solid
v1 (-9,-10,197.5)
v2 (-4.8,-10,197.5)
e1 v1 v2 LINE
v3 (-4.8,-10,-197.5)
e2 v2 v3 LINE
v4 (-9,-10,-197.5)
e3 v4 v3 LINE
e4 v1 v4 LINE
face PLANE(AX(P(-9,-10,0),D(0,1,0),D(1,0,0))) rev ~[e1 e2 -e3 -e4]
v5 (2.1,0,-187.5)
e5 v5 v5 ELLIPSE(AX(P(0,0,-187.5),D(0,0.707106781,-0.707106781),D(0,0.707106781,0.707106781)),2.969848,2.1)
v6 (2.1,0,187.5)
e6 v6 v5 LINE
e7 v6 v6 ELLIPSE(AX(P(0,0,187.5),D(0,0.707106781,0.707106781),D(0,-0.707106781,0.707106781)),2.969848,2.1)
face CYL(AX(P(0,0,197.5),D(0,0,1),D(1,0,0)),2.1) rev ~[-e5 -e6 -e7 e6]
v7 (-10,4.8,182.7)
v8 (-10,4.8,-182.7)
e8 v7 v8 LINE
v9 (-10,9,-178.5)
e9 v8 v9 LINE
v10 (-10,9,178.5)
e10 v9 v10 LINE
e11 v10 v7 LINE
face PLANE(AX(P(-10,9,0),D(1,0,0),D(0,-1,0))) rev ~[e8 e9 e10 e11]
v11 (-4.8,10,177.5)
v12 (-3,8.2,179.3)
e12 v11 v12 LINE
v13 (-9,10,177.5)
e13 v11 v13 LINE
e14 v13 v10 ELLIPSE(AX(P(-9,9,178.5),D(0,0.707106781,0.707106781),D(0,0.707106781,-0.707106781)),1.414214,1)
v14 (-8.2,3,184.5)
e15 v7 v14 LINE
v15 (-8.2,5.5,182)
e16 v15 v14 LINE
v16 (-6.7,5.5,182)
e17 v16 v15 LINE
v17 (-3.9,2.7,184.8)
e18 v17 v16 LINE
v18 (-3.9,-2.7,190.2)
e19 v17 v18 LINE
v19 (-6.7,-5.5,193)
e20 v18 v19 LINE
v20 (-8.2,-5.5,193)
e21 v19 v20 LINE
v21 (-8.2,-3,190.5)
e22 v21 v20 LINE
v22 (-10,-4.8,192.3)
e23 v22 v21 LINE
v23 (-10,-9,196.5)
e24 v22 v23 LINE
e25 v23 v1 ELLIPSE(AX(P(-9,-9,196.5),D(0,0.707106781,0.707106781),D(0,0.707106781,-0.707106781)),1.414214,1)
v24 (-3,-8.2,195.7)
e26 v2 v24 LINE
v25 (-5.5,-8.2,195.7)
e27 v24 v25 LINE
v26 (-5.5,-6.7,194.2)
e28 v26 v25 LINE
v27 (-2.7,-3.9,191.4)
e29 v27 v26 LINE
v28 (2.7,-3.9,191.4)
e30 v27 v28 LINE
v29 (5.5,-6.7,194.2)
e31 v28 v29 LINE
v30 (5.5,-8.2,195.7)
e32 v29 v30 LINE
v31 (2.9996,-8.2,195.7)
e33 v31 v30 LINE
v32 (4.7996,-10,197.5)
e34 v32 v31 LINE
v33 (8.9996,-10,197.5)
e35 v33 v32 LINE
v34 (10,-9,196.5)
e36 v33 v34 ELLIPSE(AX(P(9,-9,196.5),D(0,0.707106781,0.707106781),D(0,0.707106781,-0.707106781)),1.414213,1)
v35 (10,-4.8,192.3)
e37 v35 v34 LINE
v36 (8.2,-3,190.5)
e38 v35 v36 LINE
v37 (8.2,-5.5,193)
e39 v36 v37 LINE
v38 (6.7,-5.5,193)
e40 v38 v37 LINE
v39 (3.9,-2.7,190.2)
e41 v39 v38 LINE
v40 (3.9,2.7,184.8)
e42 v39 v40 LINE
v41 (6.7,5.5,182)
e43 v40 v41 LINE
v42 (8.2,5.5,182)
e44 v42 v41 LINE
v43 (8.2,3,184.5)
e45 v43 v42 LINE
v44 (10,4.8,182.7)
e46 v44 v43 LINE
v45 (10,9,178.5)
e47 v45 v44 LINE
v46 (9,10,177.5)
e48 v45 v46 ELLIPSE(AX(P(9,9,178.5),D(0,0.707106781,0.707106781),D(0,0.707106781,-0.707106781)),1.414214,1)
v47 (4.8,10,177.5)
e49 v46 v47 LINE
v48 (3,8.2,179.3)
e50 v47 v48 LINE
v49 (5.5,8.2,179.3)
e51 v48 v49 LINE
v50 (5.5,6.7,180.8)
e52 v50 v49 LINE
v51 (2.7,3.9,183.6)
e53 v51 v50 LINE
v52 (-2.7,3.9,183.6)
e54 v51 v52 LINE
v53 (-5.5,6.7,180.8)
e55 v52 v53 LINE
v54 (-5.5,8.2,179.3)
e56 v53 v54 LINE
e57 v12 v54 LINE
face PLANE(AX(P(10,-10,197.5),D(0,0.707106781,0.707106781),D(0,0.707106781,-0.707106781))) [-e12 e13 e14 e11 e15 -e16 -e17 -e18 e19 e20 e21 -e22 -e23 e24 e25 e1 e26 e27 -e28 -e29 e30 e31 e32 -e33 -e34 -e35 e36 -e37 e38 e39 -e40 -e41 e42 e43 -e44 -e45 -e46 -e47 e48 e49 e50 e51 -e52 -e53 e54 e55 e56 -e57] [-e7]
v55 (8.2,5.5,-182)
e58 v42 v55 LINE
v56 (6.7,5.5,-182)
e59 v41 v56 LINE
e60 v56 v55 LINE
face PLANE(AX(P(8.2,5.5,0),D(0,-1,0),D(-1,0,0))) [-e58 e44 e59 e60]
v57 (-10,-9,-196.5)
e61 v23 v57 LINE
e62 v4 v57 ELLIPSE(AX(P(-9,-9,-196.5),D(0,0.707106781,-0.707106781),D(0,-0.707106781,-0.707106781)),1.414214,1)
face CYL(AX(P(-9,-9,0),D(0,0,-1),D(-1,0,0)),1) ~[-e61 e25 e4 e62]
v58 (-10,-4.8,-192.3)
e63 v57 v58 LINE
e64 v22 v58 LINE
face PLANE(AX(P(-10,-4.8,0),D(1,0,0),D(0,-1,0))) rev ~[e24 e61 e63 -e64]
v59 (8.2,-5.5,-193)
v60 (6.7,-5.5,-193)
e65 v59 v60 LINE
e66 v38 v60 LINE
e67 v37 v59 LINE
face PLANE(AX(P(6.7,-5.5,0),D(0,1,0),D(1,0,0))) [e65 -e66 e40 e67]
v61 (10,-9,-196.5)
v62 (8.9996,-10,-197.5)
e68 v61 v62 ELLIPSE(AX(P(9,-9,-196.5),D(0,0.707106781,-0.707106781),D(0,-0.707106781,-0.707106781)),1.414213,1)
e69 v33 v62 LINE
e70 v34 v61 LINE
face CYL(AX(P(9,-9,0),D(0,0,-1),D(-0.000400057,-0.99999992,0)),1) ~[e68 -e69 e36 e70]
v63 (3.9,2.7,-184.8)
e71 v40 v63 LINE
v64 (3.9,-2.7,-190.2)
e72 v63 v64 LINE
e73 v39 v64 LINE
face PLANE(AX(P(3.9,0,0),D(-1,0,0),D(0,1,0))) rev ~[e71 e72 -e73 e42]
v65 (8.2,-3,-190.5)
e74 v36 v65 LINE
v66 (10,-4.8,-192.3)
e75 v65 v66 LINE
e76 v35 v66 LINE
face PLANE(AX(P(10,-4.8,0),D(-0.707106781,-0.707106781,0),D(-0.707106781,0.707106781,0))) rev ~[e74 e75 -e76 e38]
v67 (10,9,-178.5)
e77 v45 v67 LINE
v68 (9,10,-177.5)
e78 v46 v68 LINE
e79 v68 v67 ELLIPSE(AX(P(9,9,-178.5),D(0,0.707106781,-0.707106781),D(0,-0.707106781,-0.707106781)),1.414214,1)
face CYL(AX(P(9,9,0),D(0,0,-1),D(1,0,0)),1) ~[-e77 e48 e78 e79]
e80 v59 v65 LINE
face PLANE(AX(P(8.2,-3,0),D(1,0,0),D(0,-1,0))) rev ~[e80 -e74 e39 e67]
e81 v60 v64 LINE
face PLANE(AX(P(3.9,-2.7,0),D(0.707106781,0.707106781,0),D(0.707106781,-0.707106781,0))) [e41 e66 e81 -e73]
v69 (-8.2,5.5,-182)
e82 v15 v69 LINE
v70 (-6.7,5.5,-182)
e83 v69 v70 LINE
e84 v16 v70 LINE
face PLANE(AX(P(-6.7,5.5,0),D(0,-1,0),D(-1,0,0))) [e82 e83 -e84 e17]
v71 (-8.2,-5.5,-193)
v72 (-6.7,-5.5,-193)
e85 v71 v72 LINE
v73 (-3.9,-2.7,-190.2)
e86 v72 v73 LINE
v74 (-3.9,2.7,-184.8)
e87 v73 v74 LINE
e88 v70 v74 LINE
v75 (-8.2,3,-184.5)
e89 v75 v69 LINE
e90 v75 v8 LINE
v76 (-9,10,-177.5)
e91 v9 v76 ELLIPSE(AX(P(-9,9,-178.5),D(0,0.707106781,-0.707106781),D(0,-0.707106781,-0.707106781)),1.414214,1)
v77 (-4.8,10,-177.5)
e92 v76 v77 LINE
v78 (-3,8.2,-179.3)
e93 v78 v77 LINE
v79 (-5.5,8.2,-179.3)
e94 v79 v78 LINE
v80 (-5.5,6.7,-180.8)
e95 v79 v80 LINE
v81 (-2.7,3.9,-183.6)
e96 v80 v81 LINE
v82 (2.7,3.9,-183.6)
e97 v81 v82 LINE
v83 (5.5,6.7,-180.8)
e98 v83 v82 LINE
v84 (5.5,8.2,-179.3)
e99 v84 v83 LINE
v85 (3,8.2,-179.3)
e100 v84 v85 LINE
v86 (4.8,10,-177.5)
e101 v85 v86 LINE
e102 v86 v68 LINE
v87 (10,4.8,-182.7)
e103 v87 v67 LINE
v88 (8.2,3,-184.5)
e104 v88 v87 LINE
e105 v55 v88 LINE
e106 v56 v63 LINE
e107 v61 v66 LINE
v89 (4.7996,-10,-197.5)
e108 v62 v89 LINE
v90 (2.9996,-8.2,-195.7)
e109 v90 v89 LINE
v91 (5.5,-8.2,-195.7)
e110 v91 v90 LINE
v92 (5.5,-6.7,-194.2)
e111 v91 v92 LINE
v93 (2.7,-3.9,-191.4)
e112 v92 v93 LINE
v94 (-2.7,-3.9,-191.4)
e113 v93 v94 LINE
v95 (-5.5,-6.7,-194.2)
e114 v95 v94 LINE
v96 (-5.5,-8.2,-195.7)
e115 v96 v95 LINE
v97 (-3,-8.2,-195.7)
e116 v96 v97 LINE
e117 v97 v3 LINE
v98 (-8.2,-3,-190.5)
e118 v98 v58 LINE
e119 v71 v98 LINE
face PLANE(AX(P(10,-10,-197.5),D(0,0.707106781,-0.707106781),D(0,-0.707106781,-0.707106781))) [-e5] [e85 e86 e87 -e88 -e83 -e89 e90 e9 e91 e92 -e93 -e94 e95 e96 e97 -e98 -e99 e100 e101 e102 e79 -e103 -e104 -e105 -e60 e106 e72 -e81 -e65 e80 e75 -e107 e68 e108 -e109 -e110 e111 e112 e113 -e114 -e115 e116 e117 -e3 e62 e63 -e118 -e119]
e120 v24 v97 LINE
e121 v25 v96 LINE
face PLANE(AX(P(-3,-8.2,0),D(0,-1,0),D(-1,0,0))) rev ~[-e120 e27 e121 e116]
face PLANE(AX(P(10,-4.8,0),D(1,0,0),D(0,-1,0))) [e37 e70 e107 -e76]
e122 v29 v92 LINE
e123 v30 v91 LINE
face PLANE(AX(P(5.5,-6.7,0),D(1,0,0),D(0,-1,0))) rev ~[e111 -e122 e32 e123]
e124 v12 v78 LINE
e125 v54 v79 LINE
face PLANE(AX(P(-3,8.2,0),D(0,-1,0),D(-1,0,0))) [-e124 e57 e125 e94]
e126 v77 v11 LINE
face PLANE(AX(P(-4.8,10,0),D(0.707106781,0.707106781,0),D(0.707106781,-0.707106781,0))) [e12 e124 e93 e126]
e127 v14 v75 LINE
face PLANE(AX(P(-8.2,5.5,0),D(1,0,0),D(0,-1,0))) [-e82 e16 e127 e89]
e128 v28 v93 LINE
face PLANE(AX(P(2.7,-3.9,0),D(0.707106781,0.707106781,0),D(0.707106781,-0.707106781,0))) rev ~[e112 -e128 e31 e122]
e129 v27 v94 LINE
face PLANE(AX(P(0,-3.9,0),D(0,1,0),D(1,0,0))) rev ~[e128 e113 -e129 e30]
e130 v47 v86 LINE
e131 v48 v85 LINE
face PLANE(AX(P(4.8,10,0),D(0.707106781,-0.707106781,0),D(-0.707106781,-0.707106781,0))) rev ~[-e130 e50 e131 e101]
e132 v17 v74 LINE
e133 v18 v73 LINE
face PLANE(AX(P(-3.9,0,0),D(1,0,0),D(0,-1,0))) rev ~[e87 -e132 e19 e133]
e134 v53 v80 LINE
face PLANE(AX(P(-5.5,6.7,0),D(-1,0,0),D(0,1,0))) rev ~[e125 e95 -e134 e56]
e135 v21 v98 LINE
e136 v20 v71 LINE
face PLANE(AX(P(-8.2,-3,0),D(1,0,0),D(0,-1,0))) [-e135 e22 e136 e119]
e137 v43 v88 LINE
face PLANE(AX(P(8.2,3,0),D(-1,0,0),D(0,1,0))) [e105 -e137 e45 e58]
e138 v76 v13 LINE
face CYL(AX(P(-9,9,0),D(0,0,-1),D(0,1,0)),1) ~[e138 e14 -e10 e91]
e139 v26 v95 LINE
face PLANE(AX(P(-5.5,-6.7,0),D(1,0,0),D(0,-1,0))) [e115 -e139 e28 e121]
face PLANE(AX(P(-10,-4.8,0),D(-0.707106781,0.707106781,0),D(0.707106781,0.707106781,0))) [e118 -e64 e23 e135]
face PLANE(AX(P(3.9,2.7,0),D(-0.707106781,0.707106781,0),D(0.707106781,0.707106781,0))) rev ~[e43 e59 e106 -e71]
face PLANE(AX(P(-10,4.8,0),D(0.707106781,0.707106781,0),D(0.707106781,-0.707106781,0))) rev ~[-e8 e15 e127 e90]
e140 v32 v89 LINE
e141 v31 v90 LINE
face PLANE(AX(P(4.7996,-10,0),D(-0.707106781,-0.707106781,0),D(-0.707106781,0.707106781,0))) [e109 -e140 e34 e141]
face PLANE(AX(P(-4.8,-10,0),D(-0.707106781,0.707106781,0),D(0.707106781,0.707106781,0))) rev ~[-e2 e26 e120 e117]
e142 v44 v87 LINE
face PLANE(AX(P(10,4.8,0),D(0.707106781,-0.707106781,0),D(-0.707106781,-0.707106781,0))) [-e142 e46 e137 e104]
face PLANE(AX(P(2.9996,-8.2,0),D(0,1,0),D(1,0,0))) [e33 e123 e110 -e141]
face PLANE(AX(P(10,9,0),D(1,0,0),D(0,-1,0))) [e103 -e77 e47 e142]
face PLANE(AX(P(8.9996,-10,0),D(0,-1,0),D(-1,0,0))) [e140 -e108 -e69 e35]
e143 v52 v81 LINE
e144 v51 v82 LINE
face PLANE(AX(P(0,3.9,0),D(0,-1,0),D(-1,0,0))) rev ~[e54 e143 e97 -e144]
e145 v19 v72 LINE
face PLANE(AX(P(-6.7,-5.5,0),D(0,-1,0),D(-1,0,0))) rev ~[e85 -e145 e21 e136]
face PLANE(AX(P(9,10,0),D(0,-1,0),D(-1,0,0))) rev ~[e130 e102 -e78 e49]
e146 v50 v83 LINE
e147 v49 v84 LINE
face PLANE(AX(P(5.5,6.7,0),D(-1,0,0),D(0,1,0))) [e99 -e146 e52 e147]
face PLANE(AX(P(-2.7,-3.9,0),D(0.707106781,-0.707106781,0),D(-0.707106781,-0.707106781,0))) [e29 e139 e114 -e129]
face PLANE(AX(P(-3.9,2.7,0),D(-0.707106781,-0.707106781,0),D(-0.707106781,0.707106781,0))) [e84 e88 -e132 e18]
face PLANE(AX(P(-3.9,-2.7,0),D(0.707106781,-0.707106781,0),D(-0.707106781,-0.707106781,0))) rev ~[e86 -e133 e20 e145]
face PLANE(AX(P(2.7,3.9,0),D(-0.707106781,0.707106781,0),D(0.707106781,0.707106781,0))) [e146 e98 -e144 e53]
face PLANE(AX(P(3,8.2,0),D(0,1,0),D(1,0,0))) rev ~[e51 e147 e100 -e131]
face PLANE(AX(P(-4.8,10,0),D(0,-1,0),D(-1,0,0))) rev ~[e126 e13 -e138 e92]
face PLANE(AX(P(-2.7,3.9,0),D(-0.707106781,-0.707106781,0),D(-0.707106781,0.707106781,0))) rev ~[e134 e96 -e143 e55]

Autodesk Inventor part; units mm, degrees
ref_plane "YZ Plane" through (0, 0, 0) normal (1, 0, 0) x (0, 1, 0)
sketch "Эскиз1" plane through (0, 0, 0) normal (0, 0, 1) x (1, 0, 0)
  line L0 (-4.8, 10) -> (-3, 8.2)
  line L1 (-4.8, 10) -> (-2.2544, 10) construction
  line L2 (4.8, 10) -> (3, 8.2)
  line L3 (4.8, 10) -> (7.3456, 10) construction
  line L4 (10, 4.8) -> (8.2, 3)
  arc A0 (-9, 10) -> (-10, 9) centre (-9, 9) ccw
  arc A1 (10, 9) -> (9, 10) centre (9, 9) ccw
  arc A2 (-10, -9) -> (-9, -10) centre (-9, -9) ccw
  arc A3 (8.9996, -10) -> (10, -9) centre (9, -9) ccw
  line L5 (0, 3.9) -> (-2.7, 3.9)
  line L6 (0, 3.9) -> (2.7, 3.9)
  line L7 (3, 8.2) -> (5.5, 8.2)
  line L8 (2.7, 3.9) -> (5.5, 6.7)
  line L9 (5.5, 6.7) -> (5.5, 8.2)
  line L10 (3.9, 0) -> (3.9, 2.7)
  line L11 (3.9, 0) -> (3.9, -2.7)
  line L12 (3.9, 2.7) -> (6.7, 5.5)
  line L13 (3.9, 2.7) -> (7.8598, 2.7) construction
  line L14 (9, 10) -> (4.8, 10)
  line L15 (-4.8, 10) -> (-9, 10)
  line L16 (0, -3.9) -> (-2.7, -3.9)
  line L17 (0, -3.9) -> (2.7, -3.9)
  line L18 (-3.9, 0) -> (-3.9, -2.7)
  line L19 (-3.9, 0) -> (-3.9, 2.7)
  line L20 (8.2, 3) -> (8.2, 5.5)
  line L21 (8.2, 5.5) -> (6.7, 5.5)
  line L22 (-10, -4.8) -> (-7.4544, -4.8) construction
  line L23 (-4.8, -10) -> (-3, -8.2)
  line L24 (-4.8, -10) -> (-2.2544, -10) construction
  line L25 (4.7996, -10) -> (2.9996, -8.2)
  line L26 (4.7996, -10) -> (7.3452, -10) construction
  line L27 (10, -4.8) -> (8.2, -3)
  line L28 (8.9996, -10) -> (4.7996, -10)
  line L29 (-9, -10) -> (-4.8, -10)
  line L30 (10, -4.8) -> (10, -9)
  line L31 (10, 9) -> (10, 4.8)
  line L32 (-10, -4.8) -> (-10, -9)
  line L33 (-3, 8.2) -> (-5.5, 8.2)
  line L34 (-2.7, 3.9) -> (-5.5, 6.7)
  line L35 (-2.7, 3.9) -> (1.2598, 3.9) construction
  line L36 (-5.5, 6.7) -> (-5.5, 8.2)
  line L37 (-3.9, 2.7) -> (-6.7, 5.5)
  line L38 (-6.7, 5.5) -> (-8.2, 5.5)
  line L39 (-8.2, -3) -> (-8.2, -5.5)
  line L40 (-3, -8.2) -> (-5.5, -8.2)
  line L41 (2.9996, -8.2) -> (5.5, -8.2)
  line L42 (8.2, -3) -> (8.2, -5.5)
  line L43 (-3.9, -2.7) -> (-6.7, -5.5)
  line L44 (-6.7, -5.5) -> (-8.2, -5.5)
  line L45 (-2.7, -3.9) -> (-5.5, -6.7)
  line L46 (-5.5, -6.7) -> (-5.5, -8.2)
  line L47 (-10, 9) -> (-10, 4.8)
  line L48 (-10, 4.8) -> (-8.2, 3)
  line L49 (-8.2, 5.5) -> (-8.2, 3)
  line L50 (-10, -4.8) -> (-8.2, -3)
  line L51 (2.7, -3.9) -> (5.5, -6.7)
  line L52 (5.5, -6.7) -> (5.5, -8.2)
  line L53 (3.9, -2.7) -> (6.7, -5.5)
  line L54 (6.7, -5.5) -> (8.2, -5.5)
  point P0 (0, 0)
  dimension "d16" = 45
  dimension "d17" = 135
  dimension "d25" = 6
  dimension "d29" = 1
  dimension "d30" = 1
  dimension "d31" = 2.7
  dimension "d32" = 2.7
  dimension "d34" = 2.5
  dimension "d36" = 2.7
  dimension "d37" = 2.7
  dimension "d38" = 3.9
  dimension "d39" = 45
  dimension "d42" = 2.7
  dimension "d43" = 2.7
  dimension "d44" = 3.9
  dimension "d45" = 2.7
  dimension "d46" = 2.7
  dimension "d48" = 10
  dimension "d49" = 10
  dimension "d55" = 4.5
  dimension "d58" = 9
  dimension "d59" = 9
  dimension "d60" = 2.5
  dimension "d61" = 2.8
  dimension "d63" = 1.6971
  dimension "d65" = 45
  dimension "d67" = 135
  dimension "d73" = 10
  dimension "d74" = 10
  dimension "d77" = 18
  dimension "d78" = 18
  dimension "d79" = 135
  dimension "d80" = 135
  dimension "d81" = 4.5
  dimension "d82" = 1.8
  dimension "d83" = 1.8
  dimension "d84" = 1
  dimension "d85" = 1
  dimension "d87" = 4.5
  dimension "d89" = 1.8
  dimension "d91" = 135
  dimension "d92" = 1.6971
  dimension "d94" = 4.5
  dimension "d95" = 1.8
  dimension "d96" = 4.5
  dimension "d97" = 1.8
  dimension "d98" = 4.5
  dimension "d99" = 1.8
  dimension "d100" = 1.8
  dimension "d107" = 4.2
  dimension "d108" = 10
  dimension "d109" = 4.5
  dimension "d110" = 1.8
  dimension "d111" = 135
  dimension "d112" = 4.2
  dimension "d113" = 4.2
  dimension "d114" = 6
  dimension "d115" = 135
  dimension "d116" = 1.6971
  dimension "d117" = 4.2
  dimension "d118" = 4.2
  dimension "d119" = 4.5
  dimension "d120" = 135
  dimension "d121" = 1.5
extrude "Выдавливание2" add sketch "Эскиз1" along normal mid plane 395
sketch "Эскиз2" plane through (0, 0, 197.5) normal (0, 0, 1) x (1, 0, 0)
  circle A0 centre (0, 0) radius 2.1
  dimension "d131" = 4.2
extrude "Выдавливание3" cut sketch "Эскиз2" against normal through all
sketch "Эскиз3" plane through (10, 9, 197.5) normal (1, 0, 0) x (0, 0, -1)
  line L0 (395, -19) -> (375, 1)
  line L1 (395, -19) -> (423.2843, -19) construction
  point P0 (197.5, -9)
  dimension "d134" = 135
  dimension "d136" = 20
ref_plane "РабПлоскость1" through (10, -10, -197.5) normal (0, 0.7071, -0.7071) x (0, 0.7071, 0.7071)
split "Разделение2" plane through (10, -10, -197.5) removes the side toward (0, 0.7071, -0.7071)
sketch "Эскиз5" plane through (10, 4.8, 197.5) normal (1, 0, 0) x (0, 0, -1)
  line L0 (0, -13.8) -> (0, -14.8) projected
  line L1 (0, -14.8) -> (7.3, -7.5)
  line L2 (387.7, -7.5) -> (0, -7.5) projected
  line L3 (0, -14.8) -> (10.3238, -14.8) construction
  point P0 (197.5, -4.8)
  dimension "d138" = 45
ref_plane "РабПлоскость2" through (10, -10, 197.5) normal (0, 0.7071, 0.7071) x (0, 0.7071, -0.7071)
split "Разделение3" plane through (10, -10, 197.5) removes the side toward (0, 0.7071, 0.7071)
properties part number "Профиль_аллюминиевый400"
